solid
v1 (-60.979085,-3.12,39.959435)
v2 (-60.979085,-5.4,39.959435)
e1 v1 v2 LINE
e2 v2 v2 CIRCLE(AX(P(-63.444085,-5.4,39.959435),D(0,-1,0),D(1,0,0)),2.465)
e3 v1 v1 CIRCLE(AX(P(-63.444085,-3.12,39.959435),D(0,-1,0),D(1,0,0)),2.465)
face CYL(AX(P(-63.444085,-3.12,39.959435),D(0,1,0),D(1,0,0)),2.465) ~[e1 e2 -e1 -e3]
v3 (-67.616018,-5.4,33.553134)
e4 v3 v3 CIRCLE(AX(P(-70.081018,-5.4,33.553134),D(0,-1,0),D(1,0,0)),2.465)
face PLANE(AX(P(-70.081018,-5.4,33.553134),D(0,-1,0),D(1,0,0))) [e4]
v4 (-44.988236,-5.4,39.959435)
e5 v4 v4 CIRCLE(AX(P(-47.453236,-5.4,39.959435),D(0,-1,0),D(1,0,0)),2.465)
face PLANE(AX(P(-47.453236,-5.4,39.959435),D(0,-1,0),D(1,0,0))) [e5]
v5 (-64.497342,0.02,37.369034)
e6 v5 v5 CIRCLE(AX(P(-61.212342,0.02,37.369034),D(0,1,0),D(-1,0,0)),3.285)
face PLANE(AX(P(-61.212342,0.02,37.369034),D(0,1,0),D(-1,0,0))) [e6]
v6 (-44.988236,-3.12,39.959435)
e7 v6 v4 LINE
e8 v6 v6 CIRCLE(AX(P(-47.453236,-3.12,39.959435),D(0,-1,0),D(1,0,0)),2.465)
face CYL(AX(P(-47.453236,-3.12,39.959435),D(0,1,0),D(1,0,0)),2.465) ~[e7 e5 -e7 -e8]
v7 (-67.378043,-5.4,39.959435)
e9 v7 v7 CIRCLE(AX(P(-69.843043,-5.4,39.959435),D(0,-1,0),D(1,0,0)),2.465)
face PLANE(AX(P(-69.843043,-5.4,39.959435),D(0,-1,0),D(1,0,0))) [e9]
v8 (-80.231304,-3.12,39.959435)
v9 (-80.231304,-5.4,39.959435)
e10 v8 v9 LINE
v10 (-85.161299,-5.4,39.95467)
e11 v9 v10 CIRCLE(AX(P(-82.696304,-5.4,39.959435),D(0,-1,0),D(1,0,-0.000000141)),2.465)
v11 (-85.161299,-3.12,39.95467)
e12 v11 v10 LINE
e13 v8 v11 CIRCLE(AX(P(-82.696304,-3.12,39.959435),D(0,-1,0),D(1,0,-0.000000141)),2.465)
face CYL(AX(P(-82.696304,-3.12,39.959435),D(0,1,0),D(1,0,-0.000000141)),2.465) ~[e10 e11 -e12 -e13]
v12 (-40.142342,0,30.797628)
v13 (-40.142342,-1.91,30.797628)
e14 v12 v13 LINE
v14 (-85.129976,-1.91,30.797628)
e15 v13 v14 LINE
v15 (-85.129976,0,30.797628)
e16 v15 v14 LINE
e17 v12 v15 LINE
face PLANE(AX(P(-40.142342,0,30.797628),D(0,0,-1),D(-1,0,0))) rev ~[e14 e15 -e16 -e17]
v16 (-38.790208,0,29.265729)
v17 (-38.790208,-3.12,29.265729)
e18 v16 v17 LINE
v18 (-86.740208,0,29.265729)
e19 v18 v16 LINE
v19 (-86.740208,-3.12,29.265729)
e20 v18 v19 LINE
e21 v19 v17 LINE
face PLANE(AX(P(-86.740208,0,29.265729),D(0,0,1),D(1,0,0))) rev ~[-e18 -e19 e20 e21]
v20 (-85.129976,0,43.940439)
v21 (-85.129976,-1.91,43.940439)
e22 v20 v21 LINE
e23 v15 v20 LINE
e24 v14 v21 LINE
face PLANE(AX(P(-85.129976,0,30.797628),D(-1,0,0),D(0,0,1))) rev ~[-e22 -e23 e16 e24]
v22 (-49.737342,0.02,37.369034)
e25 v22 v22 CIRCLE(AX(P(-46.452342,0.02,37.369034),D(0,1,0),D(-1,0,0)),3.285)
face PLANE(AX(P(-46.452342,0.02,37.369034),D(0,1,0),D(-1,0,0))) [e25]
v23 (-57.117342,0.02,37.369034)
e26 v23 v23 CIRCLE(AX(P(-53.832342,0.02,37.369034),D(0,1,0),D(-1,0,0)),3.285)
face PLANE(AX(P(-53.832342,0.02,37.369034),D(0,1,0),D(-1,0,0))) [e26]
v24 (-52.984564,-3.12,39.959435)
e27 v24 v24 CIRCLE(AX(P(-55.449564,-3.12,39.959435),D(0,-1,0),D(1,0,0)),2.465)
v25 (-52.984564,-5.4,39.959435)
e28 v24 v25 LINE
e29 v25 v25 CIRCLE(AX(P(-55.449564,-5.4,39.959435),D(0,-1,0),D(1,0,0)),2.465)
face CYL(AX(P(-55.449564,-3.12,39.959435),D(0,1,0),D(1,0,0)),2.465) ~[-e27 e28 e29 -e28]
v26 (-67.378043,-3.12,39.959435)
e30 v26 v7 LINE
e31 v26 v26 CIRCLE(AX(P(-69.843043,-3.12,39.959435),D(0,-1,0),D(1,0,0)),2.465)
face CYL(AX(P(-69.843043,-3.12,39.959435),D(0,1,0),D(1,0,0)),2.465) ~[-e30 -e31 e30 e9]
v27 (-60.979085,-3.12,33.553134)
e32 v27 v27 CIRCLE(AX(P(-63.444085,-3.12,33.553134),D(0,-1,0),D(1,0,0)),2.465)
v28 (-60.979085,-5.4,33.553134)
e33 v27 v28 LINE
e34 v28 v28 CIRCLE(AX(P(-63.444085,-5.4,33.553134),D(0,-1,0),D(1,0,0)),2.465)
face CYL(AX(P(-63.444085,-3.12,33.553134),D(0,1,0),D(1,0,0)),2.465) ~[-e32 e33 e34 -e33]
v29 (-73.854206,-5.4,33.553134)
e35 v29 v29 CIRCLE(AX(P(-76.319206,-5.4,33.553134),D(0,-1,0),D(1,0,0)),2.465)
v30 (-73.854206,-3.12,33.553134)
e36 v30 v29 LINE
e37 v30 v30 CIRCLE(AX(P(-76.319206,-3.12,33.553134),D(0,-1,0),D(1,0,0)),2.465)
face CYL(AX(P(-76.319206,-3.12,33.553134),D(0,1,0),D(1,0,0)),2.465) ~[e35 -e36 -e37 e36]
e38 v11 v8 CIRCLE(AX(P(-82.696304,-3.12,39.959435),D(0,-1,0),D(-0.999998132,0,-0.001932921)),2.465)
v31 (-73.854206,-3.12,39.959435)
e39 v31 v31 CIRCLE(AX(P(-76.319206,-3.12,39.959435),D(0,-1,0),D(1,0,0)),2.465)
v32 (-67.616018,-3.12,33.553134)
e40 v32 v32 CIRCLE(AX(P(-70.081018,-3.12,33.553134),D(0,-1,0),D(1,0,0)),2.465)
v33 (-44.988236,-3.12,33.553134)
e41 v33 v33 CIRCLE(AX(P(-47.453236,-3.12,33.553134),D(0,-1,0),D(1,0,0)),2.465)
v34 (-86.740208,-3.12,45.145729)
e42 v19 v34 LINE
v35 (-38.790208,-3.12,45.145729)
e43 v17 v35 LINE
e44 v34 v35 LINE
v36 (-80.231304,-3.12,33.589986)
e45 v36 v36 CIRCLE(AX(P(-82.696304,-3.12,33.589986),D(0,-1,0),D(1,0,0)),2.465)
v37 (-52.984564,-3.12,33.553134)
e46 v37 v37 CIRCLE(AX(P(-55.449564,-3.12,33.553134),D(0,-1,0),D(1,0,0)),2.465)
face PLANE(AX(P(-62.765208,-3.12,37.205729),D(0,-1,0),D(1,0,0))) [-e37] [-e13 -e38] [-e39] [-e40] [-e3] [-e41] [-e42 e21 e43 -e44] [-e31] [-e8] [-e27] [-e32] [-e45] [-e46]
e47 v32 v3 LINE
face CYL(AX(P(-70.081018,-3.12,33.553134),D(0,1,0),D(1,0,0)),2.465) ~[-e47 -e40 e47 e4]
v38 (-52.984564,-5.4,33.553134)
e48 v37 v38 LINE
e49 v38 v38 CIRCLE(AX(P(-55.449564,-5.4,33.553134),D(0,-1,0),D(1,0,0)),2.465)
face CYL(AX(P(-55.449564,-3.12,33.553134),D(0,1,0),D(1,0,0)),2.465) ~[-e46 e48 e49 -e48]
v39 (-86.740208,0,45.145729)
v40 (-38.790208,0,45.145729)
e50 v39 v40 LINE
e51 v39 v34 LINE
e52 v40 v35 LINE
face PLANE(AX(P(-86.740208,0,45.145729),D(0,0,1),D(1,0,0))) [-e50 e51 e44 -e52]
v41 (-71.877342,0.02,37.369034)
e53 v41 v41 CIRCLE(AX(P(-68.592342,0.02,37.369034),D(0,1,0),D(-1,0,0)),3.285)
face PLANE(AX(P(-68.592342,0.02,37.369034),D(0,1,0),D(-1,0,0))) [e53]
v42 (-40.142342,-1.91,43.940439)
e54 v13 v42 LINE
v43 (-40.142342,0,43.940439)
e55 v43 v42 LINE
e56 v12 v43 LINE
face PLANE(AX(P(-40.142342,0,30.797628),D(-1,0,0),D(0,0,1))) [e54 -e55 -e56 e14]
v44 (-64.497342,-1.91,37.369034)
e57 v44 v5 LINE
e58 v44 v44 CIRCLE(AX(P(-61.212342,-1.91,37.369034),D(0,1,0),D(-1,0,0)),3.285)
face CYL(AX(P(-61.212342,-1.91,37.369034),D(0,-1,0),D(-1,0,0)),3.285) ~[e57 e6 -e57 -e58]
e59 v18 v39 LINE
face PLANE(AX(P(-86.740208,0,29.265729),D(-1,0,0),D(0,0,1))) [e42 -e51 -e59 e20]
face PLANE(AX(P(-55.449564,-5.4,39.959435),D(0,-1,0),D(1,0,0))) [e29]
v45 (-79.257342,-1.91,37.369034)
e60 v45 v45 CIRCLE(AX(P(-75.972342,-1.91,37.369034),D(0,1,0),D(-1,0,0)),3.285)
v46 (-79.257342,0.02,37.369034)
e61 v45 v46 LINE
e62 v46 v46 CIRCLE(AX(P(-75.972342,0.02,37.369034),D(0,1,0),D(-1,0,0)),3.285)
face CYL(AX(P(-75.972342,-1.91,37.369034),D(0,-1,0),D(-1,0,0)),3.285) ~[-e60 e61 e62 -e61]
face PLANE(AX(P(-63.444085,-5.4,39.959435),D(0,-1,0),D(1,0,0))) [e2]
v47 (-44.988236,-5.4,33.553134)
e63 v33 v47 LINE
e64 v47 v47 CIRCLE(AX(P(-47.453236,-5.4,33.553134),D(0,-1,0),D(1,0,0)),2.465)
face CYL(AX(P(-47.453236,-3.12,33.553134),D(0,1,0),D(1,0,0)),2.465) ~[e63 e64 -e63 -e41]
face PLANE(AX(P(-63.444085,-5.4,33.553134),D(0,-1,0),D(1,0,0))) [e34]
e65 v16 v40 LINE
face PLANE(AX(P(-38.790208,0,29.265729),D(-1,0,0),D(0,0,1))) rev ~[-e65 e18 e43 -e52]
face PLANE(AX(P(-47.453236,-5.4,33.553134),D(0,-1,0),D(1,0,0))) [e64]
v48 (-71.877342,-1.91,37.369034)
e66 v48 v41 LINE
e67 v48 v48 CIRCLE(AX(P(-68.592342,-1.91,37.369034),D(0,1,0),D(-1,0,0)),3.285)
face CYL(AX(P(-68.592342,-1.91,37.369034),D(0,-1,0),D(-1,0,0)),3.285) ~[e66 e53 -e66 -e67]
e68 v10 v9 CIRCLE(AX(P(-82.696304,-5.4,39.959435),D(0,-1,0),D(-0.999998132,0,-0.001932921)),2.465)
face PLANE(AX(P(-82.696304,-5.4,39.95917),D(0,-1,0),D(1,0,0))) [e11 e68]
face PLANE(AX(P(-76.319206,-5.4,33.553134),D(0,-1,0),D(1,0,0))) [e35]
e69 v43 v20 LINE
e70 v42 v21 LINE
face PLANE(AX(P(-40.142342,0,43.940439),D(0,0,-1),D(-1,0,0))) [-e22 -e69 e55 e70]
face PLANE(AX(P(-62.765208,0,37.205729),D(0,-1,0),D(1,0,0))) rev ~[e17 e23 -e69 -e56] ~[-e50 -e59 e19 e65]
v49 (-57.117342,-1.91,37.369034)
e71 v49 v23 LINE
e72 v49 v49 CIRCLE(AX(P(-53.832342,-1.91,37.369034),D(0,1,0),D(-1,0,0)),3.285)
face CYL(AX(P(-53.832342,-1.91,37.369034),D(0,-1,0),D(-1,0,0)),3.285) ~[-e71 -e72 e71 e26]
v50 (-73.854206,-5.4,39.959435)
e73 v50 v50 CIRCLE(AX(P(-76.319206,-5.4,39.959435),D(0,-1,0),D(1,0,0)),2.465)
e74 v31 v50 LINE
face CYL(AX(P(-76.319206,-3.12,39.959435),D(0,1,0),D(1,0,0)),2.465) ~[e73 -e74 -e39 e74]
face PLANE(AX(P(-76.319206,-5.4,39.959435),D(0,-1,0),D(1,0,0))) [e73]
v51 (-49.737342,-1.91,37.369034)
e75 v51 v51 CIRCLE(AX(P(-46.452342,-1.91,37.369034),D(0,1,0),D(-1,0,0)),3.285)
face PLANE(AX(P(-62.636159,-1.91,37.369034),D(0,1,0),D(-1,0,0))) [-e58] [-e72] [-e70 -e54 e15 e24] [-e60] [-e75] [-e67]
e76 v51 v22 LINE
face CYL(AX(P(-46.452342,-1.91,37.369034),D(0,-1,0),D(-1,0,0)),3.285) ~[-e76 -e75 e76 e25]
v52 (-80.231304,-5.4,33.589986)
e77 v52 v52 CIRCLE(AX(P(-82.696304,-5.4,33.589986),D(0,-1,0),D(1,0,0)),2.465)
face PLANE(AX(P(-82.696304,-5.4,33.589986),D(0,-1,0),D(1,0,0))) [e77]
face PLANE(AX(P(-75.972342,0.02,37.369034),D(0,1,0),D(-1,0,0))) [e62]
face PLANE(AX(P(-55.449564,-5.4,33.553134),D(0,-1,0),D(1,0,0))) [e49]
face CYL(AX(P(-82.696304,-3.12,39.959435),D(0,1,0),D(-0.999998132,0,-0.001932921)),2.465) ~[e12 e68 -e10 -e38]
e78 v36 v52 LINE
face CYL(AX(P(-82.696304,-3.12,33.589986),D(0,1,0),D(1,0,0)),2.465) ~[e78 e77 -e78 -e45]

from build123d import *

# Parameters (mm, degrees)
F0_W     = 47.95
F0_H     = 15.88
F0_R     = 2.46
F1_DEPTH = 3.12
F3_R     = 2.465
F4_DEPTH = 2.28
F5_W     = 44.987634
F5_H     = 13.142811
F6_DEPTH = 1.91
F7_R     = 3.285
F8_DEPTH = 1.93


with BuildPart() as f1:
    # F0 (on Front) → F1 (new body)
    with BuildSketch(Plane.XZ):
        with Locations((-62.765208, 37.205729)):
            Rectangle(F0_W, F0_H)
        with Locations((-83.495483, 34.202196)):
            Circle(F0_R, mode=Mode.SUBTRACT)
        with Locations((-76.453662, 34.202196)):
            Circle(F0_R, mode=Mode.SUBTRACT)
        with Locations((-69.286012, 34.202196)):
            Circle(F0_R, mode=Mode.SUBTRACT)
        with Locations((-83.495483, 41.639235)):
            Circle(F0_R, mode=Mode.SUBTRACT)
        with Locations((-76.453662, 41.639235)):
            Circle(F0_R, mode=Mode.SUBTRACT)
        with Locations((-69.286012, 41.639235)):
            Circle(F0_R, mode=Mode.SUBTRACT)
        with Locations((-61.757147, 34.202196)):
            Circle(F0_R, mode=Mode.SUBTRACT)
        with Locations((-53.794272, 34.202196)):
            Circle(F0_R, mode=Mode.SUBTRACT)
        with Locations((-44.286012, 34.202196)):
            Circle(F0_R, mode=Mode.SUBTRACT)
        with Locations((-62.190687, 41.639235)):
            Circle(F0_R, mode=Mode.SUBTRACT)
        with Locations((-53.676993, 41.639235)):
            Circle(F0_R, mode=Mode.SUBTRACT)
        with Locations((-44.286012, 41.639235)):
            Circle(F0_R, mode=Mode.SUBTRACT)
        with Locations((-83.495483, 41.639235)):
            Circle(F0_R)
        with Locations((-83.495483, 34.202196)):
            Circle(F0_R)
        with Locations((-76.453662, 34.202196)):
            Circle(F0_R)
        with Locations((-76.453662, 41.639235)):
            Circle(F0_R)
        with Locations((-69.286012, 34.202196)):
            Circle(F0_R)
        with Locations((-69.286012, 41.639235)):
            Circle(F0_R)
        with Locations((-61.757147, 34.202196)):
            Circle(F0_R)
        with Locations((-62.190687, 41.639235)):
            Circle(F0_R)
        with Locations((-53.794272, 34.202196)):
            Circle(F0_R)
        with Locations((-53.676993, 41.639235)):
            Circle(F0_R)
        with Locations((-44.286012, 34.202196)):
            Circle(F0_R)
        with Locations((-44.286012, 41.639235)):
            Circle(F0_R)
    extrude(amount=F1_DEPTH)

    # F3 (on face) → F4 (join)
    with BuildSketch(Plane.XZ.offset(3.12)):
        with BuildLine():
            ThreePointArc((-85.161299, 39.95467), (-82.693921, 37.494436), (-80.231304, 39.959435))
            ThreePointArc((-80.231304, 39.959435), (-82.698686, 42.424434), (-85.161299, 39.95467))
        make_face()
        with Locations((-82.696304, 33.589986)):
            Circle(F3_R)
        with Locations((-76.319206, 39.959435)):
            Circle(F3_R)
        with Locations((-76.319206, 33.553134)):
            Circle(F3_R)
        with Locations((-69.843043, 39.959435)):
            Circle(F3_R)
        with Locations((-63.444085, 39.959435)):
            Circle(F3_R)
        with Locations((-55.449564, 39.959435)):
            Circle(F3_R)
        with Locations((-70.081018, 33.553134)):
            Circle(F3_R)
        with Locations((-63.444085, 33.553134)):
            Circle(F3_R)
        with Locations((-55.449564, 33.553134)):
            Circle(F3_R)
        with Locations((-47.453236, 33.553134)):
            Circle(F3_R)
        with Locations((-47.453236, 39.959435)):
            Circle(F3_R)
    extrude(amount=F4_DEPTH)

    # F5 (on face) → F6 (cut)
    with BuildSketch(Plane(origin=(0, 0, 0), x_dir=(-1, 0, 0), z_dir=(0, 1, 0))):
        with Locations((62.636159, 37.369034)):
            Rectangle(F5_W, F5_H)
    extrude(amount=-F6_DEPTH, mode=Mode.SUBTRACT)

    # F7 (on face) → F8 (join)
    with BuildSketch(Plane(origin=(0, -1.91, 0), x_dir=(-1, 0, 0), z_dir=(0, 1, 0))):
        with Locations((46.452342, 37.369034)):
            Circle(F7_R)
        with Locations((53.832342, 37.369034)):
            Circle(F7_R)
        with Locations((61.212342, 37.369034)):
            Circle(F7_R)
        with Locations((68.592342, 37.369034)):
            Circle(F7_R)
        with Locations((75.972342, 37.369034)):
            Circle(F7_R)
    extrude(amount=F8_DEPTH)


solid = f1.part
